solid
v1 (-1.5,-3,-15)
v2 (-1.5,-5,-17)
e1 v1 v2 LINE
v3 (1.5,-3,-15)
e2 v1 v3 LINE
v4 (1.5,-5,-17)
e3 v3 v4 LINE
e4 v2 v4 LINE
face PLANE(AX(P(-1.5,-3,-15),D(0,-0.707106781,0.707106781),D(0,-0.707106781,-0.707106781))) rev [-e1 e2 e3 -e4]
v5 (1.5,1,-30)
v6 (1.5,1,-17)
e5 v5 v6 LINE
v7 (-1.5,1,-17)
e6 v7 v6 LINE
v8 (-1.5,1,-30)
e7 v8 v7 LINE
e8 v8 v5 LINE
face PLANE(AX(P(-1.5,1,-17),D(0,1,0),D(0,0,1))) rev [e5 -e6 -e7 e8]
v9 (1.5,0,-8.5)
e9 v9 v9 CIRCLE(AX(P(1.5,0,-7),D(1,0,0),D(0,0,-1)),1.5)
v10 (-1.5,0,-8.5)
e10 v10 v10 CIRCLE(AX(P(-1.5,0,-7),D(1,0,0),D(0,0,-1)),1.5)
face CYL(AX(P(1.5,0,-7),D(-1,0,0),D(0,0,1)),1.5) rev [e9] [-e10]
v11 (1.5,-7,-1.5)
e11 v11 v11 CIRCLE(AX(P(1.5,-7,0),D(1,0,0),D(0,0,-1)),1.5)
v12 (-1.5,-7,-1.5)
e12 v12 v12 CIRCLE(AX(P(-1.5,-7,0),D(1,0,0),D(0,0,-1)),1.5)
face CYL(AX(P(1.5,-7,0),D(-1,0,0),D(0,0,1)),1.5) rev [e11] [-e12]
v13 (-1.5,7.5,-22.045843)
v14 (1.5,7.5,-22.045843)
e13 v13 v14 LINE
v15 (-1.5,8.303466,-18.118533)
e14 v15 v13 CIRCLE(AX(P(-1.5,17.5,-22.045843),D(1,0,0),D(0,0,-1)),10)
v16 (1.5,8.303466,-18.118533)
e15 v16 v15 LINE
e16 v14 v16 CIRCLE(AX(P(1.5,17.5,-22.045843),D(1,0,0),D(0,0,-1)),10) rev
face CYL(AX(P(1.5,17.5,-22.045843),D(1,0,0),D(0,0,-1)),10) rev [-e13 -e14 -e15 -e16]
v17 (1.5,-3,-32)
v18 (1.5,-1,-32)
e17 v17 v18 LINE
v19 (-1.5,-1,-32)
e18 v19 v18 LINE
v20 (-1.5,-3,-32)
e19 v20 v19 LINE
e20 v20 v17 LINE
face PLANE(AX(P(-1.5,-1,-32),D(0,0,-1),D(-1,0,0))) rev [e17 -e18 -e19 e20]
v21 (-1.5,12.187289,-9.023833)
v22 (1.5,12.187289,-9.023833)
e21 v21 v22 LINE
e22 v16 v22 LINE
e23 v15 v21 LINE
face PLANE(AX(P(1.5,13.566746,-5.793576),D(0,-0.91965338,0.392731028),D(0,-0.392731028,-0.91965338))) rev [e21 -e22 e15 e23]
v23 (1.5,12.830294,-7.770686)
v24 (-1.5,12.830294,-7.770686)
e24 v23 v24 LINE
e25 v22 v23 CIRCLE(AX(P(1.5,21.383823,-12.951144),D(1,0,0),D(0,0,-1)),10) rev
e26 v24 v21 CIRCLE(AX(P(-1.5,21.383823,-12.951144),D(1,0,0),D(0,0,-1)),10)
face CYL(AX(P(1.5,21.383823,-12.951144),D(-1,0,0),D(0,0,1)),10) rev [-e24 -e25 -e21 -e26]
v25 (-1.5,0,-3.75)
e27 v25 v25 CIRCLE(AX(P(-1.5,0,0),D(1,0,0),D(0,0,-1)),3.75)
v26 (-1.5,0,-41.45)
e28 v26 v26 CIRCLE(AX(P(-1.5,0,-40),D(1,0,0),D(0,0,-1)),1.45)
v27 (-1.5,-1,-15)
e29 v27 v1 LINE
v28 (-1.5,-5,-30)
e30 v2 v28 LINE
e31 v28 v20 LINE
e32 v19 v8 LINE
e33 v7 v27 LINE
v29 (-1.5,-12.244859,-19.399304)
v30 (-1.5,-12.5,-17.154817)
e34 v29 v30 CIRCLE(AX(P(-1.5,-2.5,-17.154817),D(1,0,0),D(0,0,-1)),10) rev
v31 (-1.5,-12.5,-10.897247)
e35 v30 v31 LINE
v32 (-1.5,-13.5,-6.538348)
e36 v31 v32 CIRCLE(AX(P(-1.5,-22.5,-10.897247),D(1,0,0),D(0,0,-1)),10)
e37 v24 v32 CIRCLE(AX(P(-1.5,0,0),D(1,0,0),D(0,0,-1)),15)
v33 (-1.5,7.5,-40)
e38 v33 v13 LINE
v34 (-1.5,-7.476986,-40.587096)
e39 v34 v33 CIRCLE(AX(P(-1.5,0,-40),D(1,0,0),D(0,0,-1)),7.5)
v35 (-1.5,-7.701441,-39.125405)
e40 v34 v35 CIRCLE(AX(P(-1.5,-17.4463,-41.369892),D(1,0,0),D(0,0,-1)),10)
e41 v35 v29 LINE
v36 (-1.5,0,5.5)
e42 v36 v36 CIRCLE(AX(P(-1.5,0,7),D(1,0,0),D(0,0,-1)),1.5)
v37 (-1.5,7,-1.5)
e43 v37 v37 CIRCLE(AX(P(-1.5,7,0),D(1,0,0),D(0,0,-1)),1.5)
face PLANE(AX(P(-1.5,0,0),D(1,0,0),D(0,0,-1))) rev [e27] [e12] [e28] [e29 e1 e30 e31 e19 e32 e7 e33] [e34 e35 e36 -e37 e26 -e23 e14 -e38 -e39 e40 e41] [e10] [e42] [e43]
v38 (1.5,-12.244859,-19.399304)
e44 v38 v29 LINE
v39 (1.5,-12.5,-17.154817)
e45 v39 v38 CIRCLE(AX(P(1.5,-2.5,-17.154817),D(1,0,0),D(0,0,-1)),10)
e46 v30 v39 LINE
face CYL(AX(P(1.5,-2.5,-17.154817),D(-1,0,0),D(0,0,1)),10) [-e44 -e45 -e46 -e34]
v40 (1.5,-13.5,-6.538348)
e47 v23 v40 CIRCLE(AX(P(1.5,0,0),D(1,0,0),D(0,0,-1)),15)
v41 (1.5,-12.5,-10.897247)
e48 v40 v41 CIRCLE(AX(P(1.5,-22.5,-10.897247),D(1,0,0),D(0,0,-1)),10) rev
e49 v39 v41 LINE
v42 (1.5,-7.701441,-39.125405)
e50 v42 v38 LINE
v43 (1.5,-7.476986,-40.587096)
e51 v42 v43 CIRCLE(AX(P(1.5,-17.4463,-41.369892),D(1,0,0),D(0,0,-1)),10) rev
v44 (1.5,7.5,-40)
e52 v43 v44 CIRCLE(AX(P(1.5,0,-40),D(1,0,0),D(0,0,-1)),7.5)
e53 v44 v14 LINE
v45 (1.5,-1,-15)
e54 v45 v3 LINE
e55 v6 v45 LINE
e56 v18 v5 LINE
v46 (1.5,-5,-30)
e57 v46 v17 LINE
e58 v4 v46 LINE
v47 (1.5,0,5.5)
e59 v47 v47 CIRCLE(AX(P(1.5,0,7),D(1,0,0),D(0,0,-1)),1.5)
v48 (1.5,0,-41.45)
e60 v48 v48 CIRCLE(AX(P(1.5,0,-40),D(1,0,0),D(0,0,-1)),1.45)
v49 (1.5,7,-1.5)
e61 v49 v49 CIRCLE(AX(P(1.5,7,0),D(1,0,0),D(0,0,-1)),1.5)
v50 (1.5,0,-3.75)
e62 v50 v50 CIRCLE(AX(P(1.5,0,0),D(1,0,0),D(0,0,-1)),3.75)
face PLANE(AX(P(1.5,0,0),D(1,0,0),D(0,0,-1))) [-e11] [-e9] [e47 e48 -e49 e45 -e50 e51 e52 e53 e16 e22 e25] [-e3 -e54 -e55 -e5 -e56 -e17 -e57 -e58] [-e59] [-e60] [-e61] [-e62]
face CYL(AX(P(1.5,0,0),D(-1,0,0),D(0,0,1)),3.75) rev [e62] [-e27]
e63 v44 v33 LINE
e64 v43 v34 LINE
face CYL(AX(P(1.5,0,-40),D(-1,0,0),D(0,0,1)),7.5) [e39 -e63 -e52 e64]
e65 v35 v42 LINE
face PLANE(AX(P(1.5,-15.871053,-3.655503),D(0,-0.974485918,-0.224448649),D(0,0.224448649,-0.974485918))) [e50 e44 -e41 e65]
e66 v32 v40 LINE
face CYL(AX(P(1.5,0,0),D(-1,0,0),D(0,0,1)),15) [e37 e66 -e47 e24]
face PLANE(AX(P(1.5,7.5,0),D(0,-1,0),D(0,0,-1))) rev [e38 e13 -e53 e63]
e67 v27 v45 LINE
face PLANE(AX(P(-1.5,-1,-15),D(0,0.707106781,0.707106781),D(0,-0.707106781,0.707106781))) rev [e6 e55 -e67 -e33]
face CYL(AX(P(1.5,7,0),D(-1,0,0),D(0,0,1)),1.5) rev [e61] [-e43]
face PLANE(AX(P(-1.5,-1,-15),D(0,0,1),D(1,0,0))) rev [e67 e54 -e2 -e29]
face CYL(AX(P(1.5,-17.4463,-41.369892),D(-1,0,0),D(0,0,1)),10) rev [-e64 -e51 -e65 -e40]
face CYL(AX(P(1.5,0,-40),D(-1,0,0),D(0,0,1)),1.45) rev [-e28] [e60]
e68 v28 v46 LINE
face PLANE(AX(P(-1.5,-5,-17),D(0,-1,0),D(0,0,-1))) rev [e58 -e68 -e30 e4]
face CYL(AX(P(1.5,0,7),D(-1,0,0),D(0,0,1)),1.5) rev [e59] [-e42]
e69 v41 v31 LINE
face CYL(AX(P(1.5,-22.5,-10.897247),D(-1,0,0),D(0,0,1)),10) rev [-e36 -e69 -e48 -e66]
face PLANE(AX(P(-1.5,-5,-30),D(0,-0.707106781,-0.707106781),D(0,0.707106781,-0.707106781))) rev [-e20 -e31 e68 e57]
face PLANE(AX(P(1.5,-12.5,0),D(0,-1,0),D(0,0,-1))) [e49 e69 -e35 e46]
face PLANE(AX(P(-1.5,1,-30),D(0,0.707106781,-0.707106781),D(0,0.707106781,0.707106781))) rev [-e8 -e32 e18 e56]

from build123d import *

# Parameters (mm, degrees)
SKETCH1_R           = 7.5
SKETCH1_R_2         = 1.45
SKETCH1_R_3         = 1.5
SKETCH1_R_4         = 3.75
BOSS_EXTRUDE1_DEPTH = 1.5
FILLET1_R           = 10
CUT_EXTRUDE1_DEPTH  = 3


with BuildPart() as part:
    # Sketch1 → Boss-Extrude1 (new body, symmetric)
    with BuildSketch(Plane(origin=(0, 0, 0), x_dir=(0, 0, -1), z_dir=(1, 0, 0))):
        with BuildLine():
            Line((18.291561976, -12.5), (40, -7.5))
            ThreePointArc((40, -7.5), (32.5, 0), (40, 7.5))
            Line((40, 7.5), (20, 7.5))
            Line((20, 7.5), (8.291561976, 12.5))
            ThreePointArc((8.291561976, 12.5), (13.216910184, 7.093185827), (15, 0))
            ThreePointArc((15, 0), (13.216910184, -7.093185827), (8.291561976, -12.5))
            Line((8.291561976, -12.5), (18.291561976, -12.5))
        make_face()
        with Locations((40, 0)):
            Circle(SKETCH1_R)
        with Locations((40, 0)):
            Circle(SKETCH1_R_2, mode=Mode.SUBTRACT)
        with BuildLine():
            ThreePointArc((8.291561976, 12.5), (-15, 0), (8.291561976, -12.5))
            ThreePointArc((8.291561976, -12.5), (13.216910184, -7.093185827), (15, 0))
            ThreePointArc((15, 0), (13.216910184, 7.093185827), (8.291561976, 12.5))
        make_face()
        with Locations((0, -7)):
            Circle(SKETCH1_R_3, mode=Mode.SUBTRACT)
        with Locations((-7, 0)):
            Circle(SKETCH1_R_3, mode=Mode.SUBTRACT)
        Circle(SKETCH1_R_4, mode=Mode.SUBTRACT)
        with Locations((0, 7)):
            Circle(SKETCH1_R_3, mode=Mode.SUBTRACT)
        with Locations((7, 0)):
            Circle(SKETCH1_R_3, mode=Mode.SUBTRACT)
    extrude(amount=BOSS_EXTRUDE1_DEPTH, both=True)

    # Fillet1
    fillet1_edges = [part.edges().sort_by_distance(p)[0] for p in [
        (0, -12.5, -18.291561976),
        (0, -12.5, -8.291561976),
        (0, 12.5, -8.291561976),
        (0, 7.5, -20),
        (0, -7.5, -40),
    ]]
    fillet(fillet1_edges, radius=FILLET1_R)

    # Sketch2 → Cut-Extrude1 (cut)
    with BuildSketch(Plane(origin=(1.5, 0, 0), x_dir=(0, 0, -1), z_dir=(1, 0, 0))):
        Polygon((17, 1), (30, 1), (32, -1), (32, -3), (30, -5), (17, -5), (15, -3), (15, -1), align=None)
    extrude(amount=-CUT_EXTRUDE1_DEPTH, mode=Mode.SUBTRACT)


solid = part.part
